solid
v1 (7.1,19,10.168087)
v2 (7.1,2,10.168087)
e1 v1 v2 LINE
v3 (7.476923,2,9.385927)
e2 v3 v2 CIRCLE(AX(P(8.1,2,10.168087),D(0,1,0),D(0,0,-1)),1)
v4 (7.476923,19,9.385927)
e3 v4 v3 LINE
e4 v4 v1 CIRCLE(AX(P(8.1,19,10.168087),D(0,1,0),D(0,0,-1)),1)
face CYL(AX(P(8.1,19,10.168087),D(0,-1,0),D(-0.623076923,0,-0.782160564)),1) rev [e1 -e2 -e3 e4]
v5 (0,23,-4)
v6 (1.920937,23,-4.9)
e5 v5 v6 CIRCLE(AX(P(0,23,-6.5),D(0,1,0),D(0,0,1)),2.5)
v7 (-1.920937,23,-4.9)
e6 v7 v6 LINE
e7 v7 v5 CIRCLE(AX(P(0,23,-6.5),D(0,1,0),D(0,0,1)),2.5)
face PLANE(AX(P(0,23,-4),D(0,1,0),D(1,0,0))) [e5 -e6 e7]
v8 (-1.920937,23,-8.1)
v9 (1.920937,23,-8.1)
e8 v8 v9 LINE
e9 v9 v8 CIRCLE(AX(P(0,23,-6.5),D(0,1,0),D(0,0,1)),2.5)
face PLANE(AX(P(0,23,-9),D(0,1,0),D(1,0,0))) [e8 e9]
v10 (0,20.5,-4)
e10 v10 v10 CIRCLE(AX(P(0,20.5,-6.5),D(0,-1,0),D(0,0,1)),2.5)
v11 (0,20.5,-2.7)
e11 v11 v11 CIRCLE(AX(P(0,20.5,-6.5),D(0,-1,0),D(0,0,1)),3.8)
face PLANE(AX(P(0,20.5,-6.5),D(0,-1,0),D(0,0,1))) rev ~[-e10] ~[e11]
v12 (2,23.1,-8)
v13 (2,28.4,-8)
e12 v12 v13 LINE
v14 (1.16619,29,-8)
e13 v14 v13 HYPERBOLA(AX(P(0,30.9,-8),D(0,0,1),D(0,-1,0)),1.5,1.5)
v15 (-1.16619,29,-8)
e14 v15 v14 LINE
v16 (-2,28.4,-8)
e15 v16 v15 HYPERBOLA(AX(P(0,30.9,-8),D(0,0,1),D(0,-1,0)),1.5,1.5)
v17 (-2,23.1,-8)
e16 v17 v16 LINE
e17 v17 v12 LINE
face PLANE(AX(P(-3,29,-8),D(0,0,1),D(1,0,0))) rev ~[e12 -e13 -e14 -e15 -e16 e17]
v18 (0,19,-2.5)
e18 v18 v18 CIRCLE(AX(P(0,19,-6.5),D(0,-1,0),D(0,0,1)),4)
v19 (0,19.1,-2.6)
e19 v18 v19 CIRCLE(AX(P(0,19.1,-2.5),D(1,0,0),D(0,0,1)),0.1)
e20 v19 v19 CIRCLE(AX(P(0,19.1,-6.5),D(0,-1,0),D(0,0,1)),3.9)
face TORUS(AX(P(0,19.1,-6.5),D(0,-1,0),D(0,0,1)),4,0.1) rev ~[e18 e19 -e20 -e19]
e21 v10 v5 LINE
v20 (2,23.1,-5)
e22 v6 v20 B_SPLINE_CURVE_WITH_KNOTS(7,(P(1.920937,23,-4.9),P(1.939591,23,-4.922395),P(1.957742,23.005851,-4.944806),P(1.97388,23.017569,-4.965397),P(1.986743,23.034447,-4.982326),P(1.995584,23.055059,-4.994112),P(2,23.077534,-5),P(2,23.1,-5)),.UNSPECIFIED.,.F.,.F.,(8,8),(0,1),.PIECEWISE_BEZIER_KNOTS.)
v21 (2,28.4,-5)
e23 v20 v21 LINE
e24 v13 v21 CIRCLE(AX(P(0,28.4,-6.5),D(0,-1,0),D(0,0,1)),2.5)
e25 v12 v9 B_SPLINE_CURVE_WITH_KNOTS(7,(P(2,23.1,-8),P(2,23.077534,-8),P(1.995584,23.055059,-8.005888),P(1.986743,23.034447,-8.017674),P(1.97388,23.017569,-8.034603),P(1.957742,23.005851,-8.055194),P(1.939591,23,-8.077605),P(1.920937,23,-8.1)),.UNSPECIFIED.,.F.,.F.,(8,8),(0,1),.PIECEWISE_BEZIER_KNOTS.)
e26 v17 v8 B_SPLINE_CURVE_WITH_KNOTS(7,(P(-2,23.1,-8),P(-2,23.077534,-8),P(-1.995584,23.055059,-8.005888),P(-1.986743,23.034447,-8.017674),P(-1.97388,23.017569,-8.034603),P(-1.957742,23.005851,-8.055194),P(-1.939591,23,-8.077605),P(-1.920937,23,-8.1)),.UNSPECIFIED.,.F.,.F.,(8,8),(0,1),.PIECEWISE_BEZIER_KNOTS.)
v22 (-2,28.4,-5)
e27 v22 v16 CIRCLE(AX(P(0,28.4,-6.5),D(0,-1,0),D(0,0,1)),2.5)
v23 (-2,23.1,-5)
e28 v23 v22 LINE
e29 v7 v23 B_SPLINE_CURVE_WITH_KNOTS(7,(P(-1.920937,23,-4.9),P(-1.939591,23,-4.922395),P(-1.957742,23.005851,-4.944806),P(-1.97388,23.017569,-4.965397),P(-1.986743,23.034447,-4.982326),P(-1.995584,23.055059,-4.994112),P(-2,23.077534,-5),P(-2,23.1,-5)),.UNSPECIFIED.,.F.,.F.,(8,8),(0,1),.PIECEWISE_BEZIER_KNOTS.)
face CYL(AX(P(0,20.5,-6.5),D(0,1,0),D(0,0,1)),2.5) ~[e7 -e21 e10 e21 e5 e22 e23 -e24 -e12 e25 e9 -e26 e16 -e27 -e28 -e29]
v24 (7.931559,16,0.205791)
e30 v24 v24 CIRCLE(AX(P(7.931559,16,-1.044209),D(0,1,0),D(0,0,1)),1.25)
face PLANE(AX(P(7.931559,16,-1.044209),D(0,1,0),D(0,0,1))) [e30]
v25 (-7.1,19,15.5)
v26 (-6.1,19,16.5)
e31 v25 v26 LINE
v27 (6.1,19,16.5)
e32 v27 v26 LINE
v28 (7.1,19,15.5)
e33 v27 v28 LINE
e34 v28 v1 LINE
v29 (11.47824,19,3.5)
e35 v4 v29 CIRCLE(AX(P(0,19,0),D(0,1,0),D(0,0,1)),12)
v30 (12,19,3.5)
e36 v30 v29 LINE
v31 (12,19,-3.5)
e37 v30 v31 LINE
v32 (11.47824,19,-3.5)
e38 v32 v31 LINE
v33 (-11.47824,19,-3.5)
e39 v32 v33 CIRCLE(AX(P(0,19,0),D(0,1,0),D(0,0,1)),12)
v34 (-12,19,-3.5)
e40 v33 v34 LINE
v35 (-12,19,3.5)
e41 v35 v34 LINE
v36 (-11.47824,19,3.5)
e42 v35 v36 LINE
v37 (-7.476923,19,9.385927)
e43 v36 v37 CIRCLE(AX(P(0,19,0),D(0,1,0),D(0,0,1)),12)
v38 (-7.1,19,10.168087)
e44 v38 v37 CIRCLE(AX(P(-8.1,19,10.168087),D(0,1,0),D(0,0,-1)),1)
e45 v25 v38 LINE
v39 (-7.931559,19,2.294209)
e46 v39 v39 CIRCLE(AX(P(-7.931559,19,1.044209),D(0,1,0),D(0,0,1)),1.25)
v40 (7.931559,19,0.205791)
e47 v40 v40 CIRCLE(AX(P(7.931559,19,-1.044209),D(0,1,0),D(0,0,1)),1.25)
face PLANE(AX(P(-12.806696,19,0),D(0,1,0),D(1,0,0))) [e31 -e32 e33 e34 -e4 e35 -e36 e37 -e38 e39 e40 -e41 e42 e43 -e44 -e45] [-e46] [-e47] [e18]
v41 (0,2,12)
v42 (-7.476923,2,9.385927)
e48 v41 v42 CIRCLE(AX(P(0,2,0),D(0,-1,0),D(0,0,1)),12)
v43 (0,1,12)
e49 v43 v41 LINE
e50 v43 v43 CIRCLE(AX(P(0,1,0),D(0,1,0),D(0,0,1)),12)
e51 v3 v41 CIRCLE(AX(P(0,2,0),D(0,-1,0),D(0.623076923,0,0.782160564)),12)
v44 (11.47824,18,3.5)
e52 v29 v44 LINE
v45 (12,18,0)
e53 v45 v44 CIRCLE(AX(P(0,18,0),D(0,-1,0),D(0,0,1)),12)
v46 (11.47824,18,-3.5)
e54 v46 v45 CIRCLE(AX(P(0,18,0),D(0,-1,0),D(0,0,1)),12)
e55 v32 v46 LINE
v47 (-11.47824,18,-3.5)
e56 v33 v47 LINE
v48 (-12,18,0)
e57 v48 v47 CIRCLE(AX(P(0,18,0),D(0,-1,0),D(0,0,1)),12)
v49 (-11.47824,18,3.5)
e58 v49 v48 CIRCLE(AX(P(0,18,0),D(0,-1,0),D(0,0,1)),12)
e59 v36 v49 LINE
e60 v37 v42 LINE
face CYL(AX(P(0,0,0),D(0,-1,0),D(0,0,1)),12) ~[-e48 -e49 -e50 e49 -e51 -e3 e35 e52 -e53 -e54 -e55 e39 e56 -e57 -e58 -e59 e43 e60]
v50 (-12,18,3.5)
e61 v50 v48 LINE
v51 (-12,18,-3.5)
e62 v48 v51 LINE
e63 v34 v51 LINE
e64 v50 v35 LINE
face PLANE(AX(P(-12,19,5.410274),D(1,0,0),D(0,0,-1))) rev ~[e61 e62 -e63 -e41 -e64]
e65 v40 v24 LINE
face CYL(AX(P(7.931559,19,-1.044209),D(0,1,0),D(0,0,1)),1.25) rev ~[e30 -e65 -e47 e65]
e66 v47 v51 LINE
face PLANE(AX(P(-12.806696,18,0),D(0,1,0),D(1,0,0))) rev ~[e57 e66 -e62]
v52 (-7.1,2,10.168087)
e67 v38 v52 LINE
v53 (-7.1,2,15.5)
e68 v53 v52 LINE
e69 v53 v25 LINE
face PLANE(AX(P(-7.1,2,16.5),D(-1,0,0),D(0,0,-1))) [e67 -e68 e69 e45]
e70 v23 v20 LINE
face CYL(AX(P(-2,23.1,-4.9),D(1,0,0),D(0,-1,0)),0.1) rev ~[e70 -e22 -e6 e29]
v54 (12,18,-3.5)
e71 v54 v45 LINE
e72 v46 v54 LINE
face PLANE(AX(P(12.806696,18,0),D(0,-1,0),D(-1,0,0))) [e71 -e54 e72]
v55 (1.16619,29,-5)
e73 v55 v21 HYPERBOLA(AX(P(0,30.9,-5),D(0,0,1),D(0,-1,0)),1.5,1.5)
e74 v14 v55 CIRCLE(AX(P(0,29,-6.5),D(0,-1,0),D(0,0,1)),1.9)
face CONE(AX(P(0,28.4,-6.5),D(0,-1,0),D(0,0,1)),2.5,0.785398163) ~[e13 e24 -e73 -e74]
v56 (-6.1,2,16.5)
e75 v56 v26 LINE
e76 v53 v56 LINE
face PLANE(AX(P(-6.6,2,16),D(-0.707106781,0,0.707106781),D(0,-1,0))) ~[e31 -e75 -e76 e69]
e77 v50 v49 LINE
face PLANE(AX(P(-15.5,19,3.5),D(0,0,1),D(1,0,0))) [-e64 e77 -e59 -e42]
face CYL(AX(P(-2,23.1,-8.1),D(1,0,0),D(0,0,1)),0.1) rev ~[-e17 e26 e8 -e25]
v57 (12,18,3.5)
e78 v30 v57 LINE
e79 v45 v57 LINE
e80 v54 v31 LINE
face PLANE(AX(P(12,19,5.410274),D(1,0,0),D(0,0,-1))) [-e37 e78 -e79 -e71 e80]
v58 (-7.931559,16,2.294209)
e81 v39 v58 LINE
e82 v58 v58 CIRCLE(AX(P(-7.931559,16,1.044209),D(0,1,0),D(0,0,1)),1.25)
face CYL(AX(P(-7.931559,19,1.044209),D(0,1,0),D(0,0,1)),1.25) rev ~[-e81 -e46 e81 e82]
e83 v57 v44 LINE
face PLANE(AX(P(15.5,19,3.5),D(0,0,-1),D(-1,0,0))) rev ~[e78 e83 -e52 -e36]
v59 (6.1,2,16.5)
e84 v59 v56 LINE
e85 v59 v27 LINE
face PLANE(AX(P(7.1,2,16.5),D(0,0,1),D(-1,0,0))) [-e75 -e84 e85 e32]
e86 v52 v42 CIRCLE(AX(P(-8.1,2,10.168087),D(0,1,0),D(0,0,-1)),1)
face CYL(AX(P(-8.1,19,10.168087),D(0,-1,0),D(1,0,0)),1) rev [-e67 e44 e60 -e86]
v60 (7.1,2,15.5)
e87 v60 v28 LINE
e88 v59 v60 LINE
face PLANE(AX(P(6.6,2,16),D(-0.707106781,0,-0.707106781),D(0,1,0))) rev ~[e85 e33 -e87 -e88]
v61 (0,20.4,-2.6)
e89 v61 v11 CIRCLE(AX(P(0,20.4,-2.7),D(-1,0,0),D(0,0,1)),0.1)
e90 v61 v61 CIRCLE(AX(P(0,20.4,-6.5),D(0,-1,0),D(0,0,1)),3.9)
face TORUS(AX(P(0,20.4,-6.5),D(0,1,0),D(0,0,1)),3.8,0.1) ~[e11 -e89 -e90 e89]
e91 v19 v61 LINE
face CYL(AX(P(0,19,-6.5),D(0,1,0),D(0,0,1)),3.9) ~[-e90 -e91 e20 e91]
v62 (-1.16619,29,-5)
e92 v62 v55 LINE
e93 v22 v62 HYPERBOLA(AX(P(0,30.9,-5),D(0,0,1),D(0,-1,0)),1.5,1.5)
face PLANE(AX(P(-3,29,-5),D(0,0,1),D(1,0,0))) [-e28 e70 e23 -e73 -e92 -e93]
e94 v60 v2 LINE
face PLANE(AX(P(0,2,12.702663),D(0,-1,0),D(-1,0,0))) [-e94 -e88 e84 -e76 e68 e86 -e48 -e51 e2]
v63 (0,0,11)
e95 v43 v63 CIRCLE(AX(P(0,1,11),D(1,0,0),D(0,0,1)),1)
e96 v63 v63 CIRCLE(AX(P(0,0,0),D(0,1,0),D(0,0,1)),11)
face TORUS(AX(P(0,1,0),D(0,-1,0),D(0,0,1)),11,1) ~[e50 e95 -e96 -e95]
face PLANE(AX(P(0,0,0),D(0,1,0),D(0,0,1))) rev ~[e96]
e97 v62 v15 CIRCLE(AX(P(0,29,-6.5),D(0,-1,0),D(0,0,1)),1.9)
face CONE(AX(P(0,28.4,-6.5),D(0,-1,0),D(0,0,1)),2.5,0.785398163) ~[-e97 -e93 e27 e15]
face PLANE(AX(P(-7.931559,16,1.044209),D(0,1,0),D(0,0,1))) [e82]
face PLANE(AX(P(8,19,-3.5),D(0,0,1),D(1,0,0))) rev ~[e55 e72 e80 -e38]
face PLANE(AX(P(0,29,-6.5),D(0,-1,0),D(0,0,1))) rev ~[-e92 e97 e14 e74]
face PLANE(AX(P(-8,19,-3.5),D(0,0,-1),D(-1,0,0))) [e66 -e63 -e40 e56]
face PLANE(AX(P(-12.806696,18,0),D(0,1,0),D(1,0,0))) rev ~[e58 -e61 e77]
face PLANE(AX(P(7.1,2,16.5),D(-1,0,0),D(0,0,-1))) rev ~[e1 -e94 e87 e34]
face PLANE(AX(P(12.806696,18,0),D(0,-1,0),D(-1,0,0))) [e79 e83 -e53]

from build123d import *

# Parameters (mm, degrees)
SKETCH1_R           = 12
BOSS_EXTRUDE1_DEPTH = 19
SKETCH2_W           = 14.2
SKETCH2_H           = 7.594673869
BOSS_EXTRUDE2_DEPTH = 17
SKETCH3_R           = 2.05
BOSS_EXTRUDE3_DEPTH = 1
CHAMFER1_SIZE       = 0.6
SKETCH5_W           = 6
SKETCH5_H           = 2
CUT_EXTRUDE1_DEPTH  = 6
FILLET1_R           = 0.1
CHAMFER2_SIZE       = 1
FILLET2_R           = 1
FILLET3_R           = 0.1
FILLET4_R           = 1
SKETCH6_W           = 9.256543548
SKETCH6_H           = 10.153653495
CUT_EXTRUDE2_DEPTH  = 32.531730051
SKETCH8_R           = 1.25
CUT_EXTRUDE3_DEPTH  = 3


with BuildPart() as part:
    # Sketch1 → Boss-Extrude1 (new body)
    with BuildSketch(Plane(origin=(0, 0, 0), x_dir=(1, 0, 0), z_dir=(0, 1, 0))):
        with Locations(Location((0, 0, 0), (0, 0, 270))):
            Circle(SKETCH1_R)
    extrude(amount=BOSS_EXTRUDE1_DEPTH)

    # Sketch2 → Boss-Extrude2 (add)
    with BuildSketch(Plane(origin=(0, 2, 0), x_dir=(-1, 0, 0), z_dir=(0, -1, 0))):
        with Locations((0, -12.702663066)):
            Rectangle(SKETCH2_W, SKETCH2_H)
    extrude(amount=-BOSS_EXTRUDE2_DEPTH)

    # Sketch3 → Boss-Extrude3 (add)
    # profile 1 of 2: a face of its own
    with BuildSketch(Plane(origin=(0, 19, 0), x_dir=(1, 0, 0), z_dir=(0, 1, 0))):
        with BuildLine():
            Line((-15.5, -3.5), (-8, -3.5))
            Line((-8, -3.5), (-8, 3.5))
            Line((-8, 3.5), (-15.5, 3.5))
            ThreePointArc((-15.5, 3.5), (-19, 0), (-15.5, -3.5))
        make_face()
        with Locations(Location((-15.5, 0, 0), (0, 0, 270))):
            Circle(SKETCH3_R, mode=Mode.SUBTRACT)
    # profile 2 of 2: a face of its own
    with BuildSketch(Plane(origin=(0, 19, 0), x_dir=(1, 0, 0), z_dir=(0, 1, 0))):
        with BuildLine():
            Line((8, -3.5), (8, 3.5))
            Line((8, 3.5), (15.5, 3.5))
            ThreePointArc((15.5, 3.5), (19, 0), (15.5, -3.5))
            Line((15.5, -3.5), (8, -3.5))
        make_face()
        with Locations(Location((15.5, 0, 0), (0, 0, 90))):
            Circle(SKETCH3_R, mode=Mode.SUBTRACT)
    extrude(amount=-BOSS_EXTRUDE3_DEPTH)

    # Sketch4 → Revolve1 (revolve)
    with BuildSketch(Plane(origin=(0, 0, 0), x_dir=(0, 0, -1), z_dir=(1, 0, 0))):
        Polygon((6.5, 19), (2.6, 19), (2.6, 20.5), (4, 20.5), (4, 29), (6.5, 29), align=None)
    revolve(axis=Axis((0, 23.531707116, -6.5), (0, -1, 0)))

    # Chamfer1
    chamfer1_edges = [part.edges().sort_by_distance(p)[0] for p in [
        (0, 29, -9),
    ]]
    chamfer(chamfer1_edges, length=CHAMFER1_SIZE)

    # Sketch5 → Cut-Extrude1 (cut)
    with BuildSketch(Plane(origin=(0, 29, 0), x_dir=(1, 0, 0), z_dir=(0, 1, 0))):
        with Locations((0, 9)):
            Rectangle(SKETCH5_W, SKETCH5_H)
        with Locations((0, 4)):
            Rectangle(SKETCH5_W, SKETCH5_H)
    extrude(amount=-CUT_EXTRUDE1_DEPTH, mode=Mode.SUBTRACT)

    # Fillet1
    fillet1_edges = [part.edges().sort_by_distance(p)[0] for p in [
        (0, 23, -8),
        (0, 23, -5),
    ]]
    fillet(fillet1_edges, radius=FILLET1_R)

    # Chamfer2
    chamfer2_edges = [part.edges().sort_by_distance(p)[0] for p in [
        (-7.1, 10.5, 16.5),
        (7.1, 10.5, 16.5),
    ]]
    chamfer(chamfer2_edges, length=CHAMFER2_SIZE)

    # Fillet2
    fillet2_edges = [part.edges().sort_by_distance(p)[0] for p in [
        (7.1, 10.5, 9.674192473),
        (-7.1, 10.5, 9.674192473),
    ]]
    fillet(fillet2_edges, radius=FILLET2_R)

    # Fillet3
    fillet3_edges = [part.edges().sort_by_distance(p)[0] for p in [
        (0, 19, -10.4),
        (0, 20.5, -10.4),
    ]]
    fillet(fillet3_edges, radius=FILLET3_R)

    # Fillet4
    fillet4_edges = [part.edges().sort_by_distance(p)[0] for p in [
        (0, 0, -12),
    ]]
    fillet(fillet4_edges, radius=FILLET4_R)

    # Sketch6 → Cut-Extrude2 (cut, through all)
    with BuildSketch(Plane(origin=(0, 19, 0), x_dir=(1, 0, 0), z_dir=(0, 1, 0))):
        with Locations((-16.628271774, -0.333446931)):
            Rectangle(SKETCH6_W, SKETCH6_H)
        with Locations((16.628271774, -0.333446931)):
            Rectangle(SKETCH6_W, SKETCH6_H)
    extrude(amount=-CUT_EXTRUDE2_DEPTH, mode=Mode.SUBTRACT)

    # Sketch8 → Cut-Extrude3 (cut)
    with BuildSketch(Plane(origin=(0, 19, 0), x_dir=(1, 0, 0), z_dir=(0, 1, 0))):
        with Locations(Location((-7.931558639, -1.044209433, 0), (0, 0, 270))):
            Circle(SKETCH8_R)
        with Locations(Location((7.931559171, 1.044209433, 0), (0, 0, 270))):
            Circle(SKETCH8_R)
    extrude(amount=-CUT_EXTRUDE3_DEPTH, mode=Mode.SUBTRACT)


solid = part.part
